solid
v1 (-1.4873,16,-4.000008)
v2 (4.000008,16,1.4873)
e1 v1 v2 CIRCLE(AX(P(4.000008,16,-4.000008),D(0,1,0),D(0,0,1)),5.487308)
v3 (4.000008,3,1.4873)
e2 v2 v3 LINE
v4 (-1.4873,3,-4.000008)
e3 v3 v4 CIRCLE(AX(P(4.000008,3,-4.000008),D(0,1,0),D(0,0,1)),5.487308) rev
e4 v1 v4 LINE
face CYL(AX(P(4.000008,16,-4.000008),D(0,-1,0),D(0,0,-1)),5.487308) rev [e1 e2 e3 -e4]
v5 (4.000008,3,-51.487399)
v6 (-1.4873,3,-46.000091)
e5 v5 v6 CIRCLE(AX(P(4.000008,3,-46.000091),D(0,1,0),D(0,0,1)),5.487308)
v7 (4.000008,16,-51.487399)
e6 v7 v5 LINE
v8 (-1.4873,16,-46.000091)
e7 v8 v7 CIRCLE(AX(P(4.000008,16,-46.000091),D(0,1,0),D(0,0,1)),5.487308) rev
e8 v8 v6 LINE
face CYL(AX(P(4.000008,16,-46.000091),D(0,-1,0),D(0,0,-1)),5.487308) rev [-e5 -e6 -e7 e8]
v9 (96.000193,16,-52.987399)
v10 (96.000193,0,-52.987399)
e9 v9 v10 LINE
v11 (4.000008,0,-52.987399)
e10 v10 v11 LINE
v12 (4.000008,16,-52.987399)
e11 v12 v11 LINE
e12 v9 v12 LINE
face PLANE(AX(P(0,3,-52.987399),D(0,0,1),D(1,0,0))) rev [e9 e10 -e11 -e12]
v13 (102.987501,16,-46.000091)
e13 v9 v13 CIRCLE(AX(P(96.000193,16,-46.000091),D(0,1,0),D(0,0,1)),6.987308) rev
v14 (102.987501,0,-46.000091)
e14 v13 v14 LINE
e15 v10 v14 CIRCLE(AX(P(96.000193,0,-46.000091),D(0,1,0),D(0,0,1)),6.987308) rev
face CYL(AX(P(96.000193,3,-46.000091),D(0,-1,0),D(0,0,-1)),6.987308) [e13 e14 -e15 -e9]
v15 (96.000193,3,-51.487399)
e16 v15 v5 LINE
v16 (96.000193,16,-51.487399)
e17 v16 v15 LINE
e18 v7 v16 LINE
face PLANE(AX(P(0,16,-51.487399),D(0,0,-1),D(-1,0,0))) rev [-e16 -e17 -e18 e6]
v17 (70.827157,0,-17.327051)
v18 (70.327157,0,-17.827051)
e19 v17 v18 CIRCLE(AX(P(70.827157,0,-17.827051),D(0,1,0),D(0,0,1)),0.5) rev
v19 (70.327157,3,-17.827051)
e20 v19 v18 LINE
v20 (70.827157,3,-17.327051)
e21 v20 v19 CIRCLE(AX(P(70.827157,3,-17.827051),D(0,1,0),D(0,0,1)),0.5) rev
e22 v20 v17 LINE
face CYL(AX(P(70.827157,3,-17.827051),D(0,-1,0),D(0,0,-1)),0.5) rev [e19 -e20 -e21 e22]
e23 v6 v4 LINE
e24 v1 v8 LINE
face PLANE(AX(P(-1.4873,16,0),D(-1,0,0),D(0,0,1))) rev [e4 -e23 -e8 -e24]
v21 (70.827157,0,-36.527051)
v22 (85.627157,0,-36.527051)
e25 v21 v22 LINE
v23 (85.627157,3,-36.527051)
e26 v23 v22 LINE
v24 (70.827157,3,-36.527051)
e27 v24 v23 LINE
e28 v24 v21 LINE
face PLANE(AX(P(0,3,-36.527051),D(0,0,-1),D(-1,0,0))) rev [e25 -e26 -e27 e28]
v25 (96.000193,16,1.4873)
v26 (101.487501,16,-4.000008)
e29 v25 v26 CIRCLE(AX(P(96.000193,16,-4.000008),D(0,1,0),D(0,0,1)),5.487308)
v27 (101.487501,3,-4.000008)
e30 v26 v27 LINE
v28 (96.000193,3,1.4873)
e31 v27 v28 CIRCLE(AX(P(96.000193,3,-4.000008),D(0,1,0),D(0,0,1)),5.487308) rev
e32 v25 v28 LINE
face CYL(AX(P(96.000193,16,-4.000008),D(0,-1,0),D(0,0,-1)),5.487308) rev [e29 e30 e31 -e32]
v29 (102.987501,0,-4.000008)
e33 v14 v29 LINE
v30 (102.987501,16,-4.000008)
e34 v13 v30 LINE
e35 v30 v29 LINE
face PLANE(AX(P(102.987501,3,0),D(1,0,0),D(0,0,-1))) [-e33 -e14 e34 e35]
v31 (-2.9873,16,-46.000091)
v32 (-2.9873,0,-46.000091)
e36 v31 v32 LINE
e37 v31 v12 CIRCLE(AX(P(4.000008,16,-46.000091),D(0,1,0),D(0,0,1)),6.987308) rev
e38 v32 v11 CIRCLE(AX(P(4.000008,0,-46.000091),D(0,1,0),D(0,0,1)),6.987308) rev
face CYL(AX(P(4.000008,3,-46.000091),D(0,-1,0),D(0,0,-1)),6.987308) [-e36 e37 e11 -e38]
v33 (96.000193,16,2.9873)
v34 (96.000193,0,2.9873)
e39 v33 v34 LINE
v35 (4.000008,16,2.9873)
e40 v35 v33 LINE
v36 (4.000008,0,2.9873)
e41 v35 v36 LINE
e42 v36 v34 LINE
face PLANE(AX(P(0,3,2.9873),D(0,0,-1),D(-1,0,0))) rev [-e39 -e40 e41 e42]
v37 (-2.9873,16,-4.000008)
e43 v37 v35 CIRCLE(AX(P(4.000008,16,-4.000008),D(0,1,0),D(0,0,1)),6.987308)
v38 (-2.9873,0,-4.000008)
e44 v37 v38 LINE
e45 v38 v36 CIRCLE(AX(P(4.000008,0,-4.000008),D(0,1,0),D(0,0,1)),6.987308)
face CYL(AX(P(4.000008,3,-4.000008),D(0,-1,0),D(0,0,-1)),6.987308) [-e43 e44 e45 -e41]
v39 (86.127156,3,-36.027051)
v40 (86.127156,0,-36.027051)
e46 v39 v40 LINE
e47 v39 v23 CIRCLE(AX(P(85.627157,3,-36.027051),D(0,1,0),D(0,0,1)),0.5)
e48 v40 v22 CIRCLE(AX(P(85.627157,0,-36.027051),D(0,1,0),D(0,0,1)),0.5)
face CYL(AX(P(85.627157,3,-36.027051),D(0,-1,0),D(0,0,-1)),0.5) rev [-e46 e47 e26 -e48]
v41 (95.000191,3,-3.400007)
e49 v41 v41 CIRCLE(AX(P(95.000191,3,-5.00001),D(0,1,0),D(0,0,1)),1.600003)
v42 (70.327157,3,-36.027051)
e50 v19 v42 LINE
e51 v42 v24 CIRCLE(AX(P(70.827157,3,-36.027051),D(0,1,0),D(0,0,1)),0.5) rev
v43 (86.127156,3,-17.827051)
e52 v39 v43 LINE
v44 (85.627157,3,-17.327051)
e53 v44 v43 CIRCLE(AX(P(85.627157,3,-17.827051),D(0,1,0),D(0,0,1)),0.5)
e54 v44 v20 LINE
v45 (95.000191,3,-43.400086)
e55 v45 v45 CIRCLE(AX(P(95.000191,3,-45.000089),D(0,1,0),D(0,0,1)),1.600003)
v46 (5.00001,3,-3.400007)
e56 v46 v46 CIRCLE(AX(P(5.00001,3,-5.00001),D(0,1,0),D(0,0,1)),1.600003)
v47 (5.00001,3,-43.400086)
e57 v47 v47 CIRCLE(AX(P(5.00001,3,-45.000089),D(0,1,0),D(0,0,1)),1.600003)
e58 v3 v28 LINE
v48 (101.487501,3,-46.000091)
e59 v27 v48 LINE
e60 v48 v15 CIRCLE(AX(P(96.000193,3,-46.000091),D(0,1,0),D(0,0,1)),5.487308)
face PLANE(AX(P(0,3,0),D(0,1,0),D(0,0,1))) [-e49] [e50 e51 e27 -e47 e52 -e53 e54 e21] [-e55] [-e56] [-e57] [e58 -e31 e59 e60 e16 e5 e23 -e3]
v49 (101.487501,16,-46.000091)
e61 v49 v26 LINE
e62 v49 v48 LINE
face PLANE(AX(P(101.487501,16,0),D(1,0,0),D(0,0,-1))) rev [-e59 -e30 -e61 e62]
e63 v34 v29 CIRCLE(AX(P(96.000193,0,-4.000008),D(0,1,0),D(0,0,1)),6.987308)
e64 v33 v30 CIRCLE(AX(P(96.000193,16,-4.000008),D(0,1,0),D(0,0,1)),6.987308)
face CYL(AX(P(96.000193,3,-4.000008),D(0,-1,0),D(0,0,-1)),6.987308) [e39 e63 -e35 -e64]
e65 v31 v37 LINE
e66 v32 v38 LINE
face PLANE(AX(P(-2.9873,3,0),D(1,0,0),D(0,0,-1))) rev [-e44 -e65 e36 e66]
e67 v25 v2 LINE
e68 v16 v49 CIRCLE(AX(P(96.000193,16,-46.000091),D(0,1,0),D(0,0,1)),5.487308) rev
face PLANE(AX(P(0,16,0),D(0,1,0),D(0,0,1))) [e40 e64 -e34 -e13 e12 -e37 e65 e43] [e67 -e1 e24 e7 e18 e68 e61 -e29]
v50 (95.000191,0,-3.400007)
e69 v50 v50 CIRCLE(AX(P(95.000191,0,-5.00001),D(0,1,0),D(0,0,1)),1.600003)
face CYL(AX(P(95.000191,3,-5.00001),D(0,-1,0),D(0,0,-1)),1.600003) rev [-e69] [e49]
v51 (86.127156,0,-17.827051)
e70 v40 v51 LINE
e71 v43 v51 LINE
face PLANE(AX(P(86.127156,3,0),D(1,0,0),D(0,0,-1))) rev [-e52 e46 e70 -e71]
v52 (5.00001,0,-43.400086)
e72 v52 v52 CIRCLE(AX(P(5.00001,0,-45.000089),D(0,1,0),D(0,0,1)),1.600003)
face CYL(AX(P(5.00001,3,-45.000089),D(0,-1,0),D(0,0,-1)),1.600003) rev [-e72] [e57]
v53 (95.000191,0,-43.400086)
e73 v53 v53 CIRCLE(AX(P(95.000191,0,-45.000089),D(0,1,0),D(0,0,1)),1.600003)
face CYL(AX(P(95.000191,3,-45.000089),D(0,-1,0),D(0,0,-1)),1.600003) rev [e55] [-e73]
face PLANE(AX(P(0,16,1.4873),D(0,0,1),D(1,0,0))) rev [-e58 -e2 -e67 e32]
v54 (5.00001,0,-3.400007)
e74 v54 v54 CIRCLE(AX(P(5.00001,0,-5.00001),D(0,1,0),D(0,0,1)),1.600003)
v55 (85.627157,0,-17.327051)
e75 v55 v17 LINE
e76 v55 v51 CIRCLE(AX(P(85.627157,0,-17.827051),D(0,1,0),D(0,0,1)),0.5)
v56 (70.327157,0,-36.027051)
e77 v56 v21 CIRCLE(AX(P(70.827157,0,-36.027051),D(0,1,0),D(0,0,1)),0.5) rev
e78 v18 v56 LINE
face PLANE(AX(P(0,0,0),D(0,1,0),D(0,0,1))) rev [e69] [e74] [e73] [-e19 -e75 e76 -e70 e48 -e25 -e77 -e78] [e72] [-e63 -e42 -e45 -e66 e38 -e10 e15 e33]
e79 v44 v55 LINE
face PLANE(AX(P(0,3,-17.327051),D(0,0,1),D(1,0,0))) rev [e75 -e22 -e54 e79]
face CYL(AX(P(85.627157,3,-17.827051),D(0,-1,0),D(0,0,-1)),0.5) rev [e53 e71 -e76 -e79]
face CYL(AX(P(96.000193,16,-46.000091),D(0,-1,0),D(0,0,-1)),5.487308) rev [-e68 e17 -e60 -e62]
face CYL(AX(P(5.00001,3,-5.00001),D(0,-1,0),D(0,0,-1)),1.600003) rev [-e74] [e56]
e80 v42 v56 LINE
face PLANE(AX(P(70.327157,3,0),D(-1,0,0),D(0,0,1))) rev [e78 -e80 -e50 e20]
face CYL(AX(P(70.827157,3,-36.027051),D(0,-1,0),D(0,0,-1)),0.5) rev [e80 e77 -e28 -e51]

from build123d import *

# Parameters (mm, degrees)
SKETCH1_R           = 1.600003175
BOSS_EXTRUDE1_DEPTH = 3
BOSS_EXTRUDE2_DEPTH = 16


with BuildPart() as part:
    # Sketch1 → Boss-Extrude1 (new body)
    with BuildSketch(Plane(origin=(0, 0, 0), x_dir=(1, 0, 0), z_dir=(0, 1, 0))):
        with BuildLine():
            ThreePointArc((102.987500635, 46.00009144), (100.940965623, 50.940864023), (96.00019304, 52.987399035))
            Line((96.00019304, 52.987399035), (4.00000762, 52.987399035))
            ThreePointArc((4.00000762, 52.987399035), (-0.940764962, 50.940864023), (-2.987299975, 46.00009144))
            Line((-2.987299975, 46.00009144), (-2.987299975, 4.00000762))
            ThreePointArc((-2.987299975, 4.00000762), (-0.940764962, -0.940764962), (4.00000762, -2.987299975))
            Line((4.00000762, -2.987299975), (96.00019304, -2.987299975))
            ThreePointArc((96.00019304, -2.987299975), (100.940965623, -0.940764962), (102.987500635, 4.00000762))
            Line((102.987500635, 4.00000762), (102.987500635, 46.00009144))
        make_face()
        with Locations((5.00001016, 5.00001016)):
            Circle(SKETCH1_R, mode=Mode.SUBTRACT)
        with Locations((95.0001905, 5.00001016)):
            Circle(SKETCH1_R, mode=Mode.SUBTRACT)
        with Locations((5.00001016, 45.0000889)):
            Circle(SKETCH1_R, mode=Mode.SUBTRACT)
        with BuildLine():
            ThreePointArc((70.327156827, 36.027051041), (70.473603433, 36.380604424), (70.827156816, 36.52705103))
            Line((70.827156816, 36.52705103), (85.627156504, 36.52705103))
            ThreePointArc((85.627156504, 36.52705103), (85.980709887, 36.380604424), (86.127156493, 36.027051041))
            Line((86.127156493, 36.027051041), (86.127156493, 17.827051425))
            ThreePointArc((86.127156493, 17.827051425), (85.980709887, 17.473498042), (85.627156504, 17.327051436))
            Line((85.627156504, 17.327051436), (70.827156816, 17.327051436))
            ThreePointArc((70.827156816, 17.327051436), (70.473603433, 17.473498042), (70.327156827, 17.827051425))
            Line((70.327156827, 17.827051425), (70.327156827, 36.027051041))
        make_face(mode=Mode.SUBTRACT)
        with Locations((95.0001905, 45.0000889)):
            Circle(SKETCH1_R, mode=Mode.SUBTRACT)
    extrude(amount=BOSS_EXTRUDE1_DEPTH)

    # Sketch1<3> → Boss-Extrude2 (add)
    with BuildSketch(Plane(origin=(0, 0, 0), x_dir=(1, 0, 0), z_dir=(0, 1, 0))):
        with BuildLine():
            Line((96.00019304, 52.987399035), (4.00000762, 52.987399035))
            ThreePointArc((4.00000762, 52.987399035), (-0.940764962, 50.940864023), (-2.987299975, 46.00009144))
            Line((-2.987299975, 46.00009144), (-2.987299975, 4.00000762))
            ThreePointArc((-2.987299975, 4.00000762), (-0.940764962, -0.940764962), (4.00000762, -2.987299975))
            Line((4.00000762, -2.987299975), (96.00019304, -2.987299975))
            ThreePointArc((96.00019304, -2.987299975), (100.940965623, -0.940764962), (102.987500635, 4.00000762))
            Line((102.987500635, 4.00000762), (102.987500635, 46.00009144))
            ThreePointArc((102.987500635, 46.00009144), (100.940965623, 50.940864023), (96.00019304, 52.987399035))
        make_face()
        with BuildLine():
            Line((4.00000762, 51.487399035), (96.00019304, 51.487399035))
            ThreePointArc((96.00019304, 51.487399035), (99.880305451, 49.880203851), (101.487500635, 46.00009144))
            Line((101.487500635, 46.00009144), (101.487500635, 4.00000762))
            ThreePointArc((101.487500635, 4.00000762), (99.880305451, 0.119895209), (96.00019304, -1.487299975))
            Line((96.00019304, -1.487299975), (4.00000762, -1.487299975))
            ThreePointArc((4.00000762, -1.487299975), (0.119895209, 0.119895209), (-1.487299975, 4.00000762))
            Line((-1.487299975, 4.00000762), (-1.487299975, 46.00009144))
            ThreePointArc((-1.487299975, 46.00009144), (0.119895209, 49.880203851), (4.00000762, 51.487399035))
        make_face(mode=Mode.SUBTRACT)
    extrude(amount=BOSS_EXTRUDE2_DEPTH)


solid = part.part
